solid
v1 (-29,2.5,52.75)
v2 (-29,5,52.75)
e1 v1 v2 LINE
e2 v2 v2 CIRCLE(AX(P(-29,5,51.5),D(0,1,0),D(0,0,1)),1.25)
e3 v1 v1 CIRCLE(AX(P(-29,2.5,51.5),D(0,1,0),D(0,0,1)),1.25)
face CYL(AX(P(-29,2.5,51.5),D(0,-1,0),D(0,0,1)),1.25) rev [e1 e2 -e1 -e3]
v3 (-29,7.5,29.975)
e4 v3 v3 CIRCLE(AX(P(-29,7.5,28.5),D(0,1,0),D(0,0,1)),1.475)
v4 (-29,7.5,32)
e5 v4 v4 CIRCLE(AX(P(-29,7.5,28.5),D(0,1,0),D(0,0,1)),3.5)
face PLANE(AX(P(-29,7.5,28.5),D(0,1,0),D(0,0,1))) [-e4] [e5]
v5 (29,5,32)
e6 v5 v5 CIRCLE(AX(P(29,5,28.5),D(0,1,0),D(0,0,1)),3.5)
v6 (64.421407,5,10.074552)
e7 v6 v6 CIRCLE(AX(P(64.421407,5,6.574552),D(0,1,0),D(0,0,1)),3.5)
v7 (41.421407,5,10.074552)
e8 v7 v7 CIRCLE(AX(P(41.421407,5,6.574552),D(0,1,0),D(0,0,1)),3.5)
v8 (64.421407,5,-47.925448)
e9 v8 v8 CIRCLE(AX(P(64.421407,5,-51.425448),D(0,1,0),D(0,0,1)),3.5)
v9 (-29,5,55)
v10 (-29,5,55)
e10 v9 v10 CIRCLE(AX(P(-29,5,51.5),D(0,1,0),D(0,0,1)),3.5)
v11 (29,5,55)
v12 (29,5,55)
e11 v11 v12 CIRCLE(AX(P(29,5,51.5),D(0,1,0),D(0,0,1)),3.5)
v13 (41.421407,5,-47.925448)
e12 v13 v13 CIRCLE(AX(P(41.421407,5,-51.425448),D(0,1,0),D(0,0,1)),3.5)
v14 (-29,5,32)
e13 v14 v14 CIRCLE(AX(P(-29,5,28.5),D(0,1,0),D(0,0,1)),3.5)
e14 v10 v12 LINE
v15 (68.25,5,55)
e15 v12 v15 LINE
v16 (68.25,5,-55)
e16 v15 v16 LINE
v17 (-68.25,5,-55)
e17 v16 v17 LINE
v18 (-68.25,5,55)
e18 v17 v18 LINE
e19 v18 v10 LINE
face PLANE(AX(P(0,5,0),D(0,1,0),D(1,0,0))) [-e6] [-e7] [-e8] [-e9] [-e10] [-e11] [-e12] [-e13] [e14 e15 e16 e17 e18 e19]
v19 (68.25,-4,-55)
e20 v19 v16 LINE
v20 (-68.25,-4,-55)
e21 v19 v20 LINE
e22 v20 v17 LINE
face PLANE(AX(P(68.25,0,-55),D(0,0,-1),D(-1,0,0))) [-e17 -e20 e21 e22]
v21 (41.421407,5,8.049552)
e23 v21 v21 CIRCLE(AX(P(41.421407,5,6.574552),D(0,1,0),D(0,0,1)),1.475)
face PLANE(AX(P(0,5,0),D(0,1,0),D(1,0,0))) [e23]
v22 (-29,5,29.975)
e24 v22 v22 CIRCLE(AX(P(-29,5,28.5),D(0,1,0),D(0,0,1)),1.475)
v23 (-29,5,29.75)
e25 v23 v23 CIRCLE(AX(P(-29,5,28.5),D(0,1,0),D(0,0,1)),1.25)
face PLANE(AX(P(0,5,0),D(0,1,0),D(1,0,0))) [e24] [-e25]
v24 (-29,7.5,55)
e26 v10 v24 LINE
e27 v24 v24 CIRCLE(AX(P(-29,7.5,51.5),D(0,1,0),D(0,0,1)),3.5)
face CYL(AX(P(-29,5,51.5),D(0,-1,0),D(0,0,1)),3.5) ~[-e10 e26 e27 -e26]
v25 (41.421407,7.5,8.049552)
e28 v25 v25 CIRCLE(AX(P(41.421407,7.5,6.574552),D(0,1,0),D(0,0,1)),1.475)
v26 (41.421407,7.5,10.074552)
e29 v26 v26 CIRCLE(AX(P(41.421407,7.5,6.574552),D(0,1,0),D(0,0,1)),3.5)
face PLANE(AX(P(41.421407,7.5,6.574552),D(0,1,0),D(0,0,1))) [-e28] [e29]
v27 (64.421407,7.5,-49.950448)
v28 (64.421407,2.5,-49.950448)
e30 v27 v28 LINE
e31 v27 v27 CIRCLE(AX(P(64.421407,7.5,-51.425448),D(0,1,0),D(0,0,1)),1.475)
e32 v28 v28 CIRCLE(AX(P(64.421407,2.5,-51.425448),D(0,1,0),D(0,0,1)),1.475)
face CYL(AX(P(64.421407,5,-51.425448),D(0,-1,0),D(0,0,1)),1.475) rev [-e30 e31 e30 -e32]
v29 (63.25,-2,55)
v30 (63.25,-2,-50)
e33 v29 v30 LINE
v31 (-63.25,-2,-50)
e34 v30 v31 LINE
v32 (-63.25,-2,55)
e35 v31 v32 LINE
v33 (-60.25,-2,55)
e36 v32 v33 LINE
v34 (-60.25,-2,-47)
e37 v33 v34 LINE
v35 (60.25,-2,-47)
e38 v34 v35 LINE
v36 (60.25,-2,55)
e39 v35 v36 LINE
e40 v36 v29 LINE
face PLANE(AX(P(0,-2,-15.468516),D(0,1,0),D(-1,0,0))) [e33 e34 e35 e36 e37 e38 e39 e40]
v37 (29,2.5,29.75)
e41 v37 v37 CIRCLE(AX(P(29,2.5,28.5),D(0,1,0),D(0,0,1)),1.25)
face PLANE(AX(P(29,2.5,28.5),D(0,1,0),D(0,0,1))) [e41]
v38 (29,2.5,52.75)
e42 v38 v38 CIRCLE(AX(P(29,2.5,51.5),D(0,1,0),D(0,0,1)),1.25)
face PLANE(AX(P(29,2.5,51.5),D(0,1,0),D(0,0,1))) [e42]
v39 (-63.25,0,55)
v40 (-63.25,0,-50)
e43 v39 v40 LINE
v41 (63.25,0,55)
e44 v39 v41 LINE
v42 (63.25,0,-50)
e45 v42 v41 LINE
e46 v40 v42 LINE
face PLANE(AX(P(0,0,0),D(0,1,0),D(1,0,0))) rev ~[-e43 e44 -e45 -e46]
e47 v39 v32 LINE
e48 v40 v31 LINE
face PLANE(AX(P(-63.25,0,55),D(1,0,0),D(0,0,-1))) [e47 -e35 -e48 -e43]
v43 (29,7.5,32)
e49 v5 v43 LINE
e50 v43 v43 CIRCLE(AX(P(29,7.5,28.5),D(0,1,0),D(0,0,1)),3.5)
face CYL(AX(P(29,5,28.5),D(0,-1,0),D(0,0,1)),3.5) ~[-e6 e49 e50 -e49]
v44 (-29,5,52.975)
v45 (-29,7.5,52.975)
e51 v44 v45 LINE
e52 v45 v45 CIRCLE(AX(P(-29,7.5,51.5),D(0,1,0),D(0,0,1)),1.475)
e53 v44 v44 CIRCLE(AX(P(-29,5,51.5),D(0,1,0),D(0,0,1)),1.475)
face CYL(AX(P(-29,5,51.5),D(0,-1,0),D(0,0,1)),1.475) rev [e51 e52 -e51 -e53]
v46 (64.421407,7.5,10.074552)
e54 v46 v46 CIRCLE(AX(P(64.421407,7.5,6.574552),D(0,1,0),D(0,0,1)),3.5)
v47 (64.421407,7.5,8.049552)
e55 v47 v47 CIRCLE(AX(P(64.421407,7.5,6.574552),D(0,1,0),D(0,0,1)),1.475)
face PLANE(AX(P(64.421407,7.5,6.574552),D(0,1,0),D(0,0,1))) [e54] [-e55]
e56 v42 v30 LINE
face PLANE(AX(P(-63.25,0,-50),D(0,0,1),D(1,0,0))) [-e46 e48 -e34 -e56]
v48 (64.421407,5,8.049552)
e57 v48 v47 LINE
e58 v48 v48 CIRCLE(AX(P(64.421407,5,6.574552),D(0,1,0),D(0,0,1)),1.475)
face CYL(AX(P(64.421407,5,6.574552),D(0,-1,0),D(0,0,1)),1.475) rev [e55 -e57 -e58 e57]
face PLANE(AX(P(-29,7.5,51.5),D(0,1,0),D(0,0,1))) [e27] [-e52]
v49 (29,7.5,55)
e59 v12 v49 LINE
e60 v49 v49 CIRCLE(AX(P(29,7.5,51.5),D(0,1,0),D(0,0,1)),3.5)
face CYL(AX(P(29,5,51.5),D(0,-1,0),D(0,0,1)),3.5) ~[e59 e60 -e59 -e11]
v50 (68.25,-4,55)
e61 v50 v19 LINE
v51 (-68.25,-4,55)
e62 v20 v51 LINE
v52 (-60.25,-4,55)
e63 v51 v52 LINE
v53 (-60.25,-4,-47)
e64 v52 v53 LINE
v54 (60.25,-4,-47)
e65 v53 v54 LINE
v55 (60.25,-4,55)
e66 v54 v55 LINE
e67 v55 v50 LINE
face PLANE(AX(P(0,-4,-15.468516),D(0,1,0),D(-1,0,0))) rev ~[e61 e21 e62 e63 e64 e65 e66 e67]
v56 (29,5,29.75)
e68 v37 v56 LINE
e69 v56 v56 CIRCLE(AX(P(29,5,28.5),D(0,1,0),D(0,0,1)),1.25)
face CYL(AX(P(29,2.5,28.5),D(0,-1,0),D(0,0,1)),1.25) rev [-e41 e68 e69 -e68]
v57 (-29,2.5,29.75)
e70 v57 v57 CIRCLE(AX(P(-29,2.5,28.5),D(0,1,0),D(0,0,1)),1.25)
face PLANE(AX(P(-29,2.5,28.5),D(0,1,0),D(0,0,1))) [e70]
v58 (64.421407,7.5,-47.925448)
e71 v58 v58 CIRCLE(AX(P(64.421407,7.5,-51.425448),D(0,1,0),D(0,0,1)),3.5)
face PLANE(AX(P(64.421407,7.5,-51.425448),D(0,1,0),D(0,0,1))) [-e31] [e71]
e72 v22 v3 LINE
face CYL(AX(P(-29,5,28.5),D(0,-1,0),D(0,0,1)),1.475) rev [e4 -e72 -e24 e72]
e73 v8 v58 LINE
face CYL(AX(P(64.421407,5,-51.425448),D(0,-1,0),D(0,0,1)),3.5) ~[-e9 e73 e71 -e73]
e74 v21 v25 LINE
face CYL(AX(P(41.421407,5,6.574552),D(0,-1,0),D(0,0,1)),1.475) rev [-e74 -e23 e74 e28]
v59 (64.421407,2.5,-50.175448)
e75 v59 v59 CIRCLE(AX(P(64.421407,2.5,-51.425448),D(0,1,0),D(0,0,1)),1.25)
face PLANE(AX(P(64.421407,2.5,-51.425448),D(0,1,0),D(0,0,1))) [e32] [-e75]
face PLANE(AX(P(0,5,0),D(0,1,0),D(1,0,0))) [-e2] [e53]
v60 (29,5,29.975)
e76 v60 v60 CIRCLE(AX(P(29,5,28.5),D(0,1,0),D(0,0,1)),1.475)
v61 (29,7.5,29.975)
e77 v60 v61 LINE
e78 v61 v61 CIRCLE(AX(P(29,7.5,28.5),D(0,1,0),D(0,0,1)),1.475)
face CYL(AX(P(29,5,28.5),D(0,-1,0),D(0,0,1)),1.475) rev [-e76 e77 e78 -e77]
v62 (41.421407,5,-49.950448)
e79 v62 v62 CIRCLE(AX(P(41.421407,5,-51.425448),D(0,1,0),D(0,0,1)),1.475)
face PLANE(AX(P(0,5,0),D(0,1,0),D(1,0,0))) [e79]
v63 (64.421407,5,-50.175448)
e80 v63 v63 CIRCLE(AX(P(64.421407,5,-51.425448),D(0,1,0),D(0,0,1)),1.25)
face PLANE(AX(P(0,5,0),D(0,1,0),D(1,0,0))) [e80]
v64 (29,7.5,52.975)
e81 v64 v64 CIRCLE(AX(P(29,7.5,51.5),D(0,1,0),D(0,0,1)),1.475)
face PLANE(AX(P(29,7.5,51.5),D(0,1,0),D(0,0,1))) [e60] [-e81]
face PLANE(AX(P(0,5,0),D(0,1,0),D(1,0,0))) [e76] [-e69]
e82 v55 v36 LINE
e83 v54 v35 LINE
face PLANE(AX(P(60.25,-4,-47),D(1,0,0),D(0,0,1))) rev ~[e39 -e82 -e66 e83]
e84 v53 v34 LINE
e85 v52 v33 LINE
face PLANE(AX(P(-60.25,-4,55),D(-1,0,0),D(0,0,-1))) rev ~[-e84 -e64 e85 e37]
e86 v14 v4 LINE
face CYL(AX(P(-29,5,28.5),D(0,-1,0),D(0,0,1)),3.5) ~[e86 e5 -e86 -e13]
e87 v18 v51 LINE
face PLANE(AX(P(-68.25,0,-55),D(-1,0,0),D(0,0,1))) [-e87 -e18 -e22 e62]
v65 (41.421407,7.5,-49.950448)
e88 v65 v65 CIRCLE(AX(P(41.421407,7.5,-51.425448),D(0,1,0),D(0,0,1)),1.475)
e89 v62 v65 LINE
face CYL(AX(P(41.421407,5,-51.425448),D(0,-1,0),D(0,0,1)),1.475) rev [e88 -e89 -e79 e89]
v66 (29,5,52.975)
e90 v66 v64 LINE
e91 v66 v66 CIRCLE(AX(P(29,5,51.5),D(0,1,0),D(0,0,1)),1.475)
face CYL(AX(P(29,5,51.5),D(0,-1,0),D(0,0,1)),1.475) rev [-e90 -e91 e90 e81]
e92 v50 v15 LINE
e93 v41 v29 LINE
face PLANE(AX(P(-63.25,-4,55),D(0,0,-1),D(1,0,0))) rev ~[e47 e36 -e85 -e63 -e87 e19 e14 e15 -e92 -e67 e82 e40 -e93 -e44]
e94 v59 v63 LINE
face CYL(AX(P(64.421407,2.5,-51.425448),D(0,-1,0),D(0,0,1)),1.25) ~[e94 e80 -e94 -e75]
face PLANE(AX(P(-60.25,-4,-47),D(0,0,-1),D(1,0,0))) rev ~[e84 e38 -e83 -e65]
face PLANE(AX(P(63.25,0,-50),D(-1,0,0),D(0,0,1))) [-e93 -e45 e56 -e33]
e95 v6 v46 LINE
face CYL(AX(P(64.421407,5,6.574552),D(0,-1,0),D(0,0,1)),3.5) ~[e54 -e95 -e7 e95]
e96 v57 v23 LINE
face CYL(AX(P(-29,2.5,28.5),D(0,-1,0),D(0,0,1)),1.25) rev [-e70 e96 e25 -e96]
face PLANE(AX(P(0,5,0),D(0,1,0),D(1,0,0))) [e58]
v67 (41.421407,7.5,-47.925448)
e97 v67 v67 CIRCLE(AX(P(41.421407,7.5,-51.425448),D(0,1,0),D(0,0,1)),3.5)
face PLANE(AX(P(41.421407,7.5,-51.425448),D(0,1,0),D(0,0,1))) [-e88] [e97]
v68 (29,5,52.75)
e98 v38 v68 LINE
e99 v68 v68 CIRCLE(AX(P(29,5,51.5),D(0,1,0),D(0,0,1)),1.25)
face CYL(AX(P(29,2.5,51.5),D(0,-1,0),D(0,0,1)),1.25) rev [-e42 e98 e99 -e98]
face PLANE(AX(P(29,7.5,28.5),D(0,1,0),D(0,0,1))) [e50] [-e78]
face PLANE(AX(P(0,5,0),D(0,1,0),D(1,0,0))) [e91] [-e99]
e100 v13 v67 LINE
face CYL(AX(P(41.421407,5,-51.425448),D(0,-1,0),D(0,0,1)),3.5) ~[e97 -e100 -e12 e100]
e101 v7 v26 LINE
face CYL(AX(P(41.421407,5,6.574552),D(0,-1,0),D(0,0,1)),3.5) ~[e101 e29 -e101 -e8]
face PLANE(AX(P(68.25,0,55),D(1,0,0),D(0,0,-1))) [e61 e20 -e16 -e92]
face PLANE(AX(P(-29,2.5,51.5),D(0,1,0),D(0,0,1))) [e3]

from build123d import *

# Parameters (mm, degrees)
SKETCH1_W           = 136.5
SKETCH1_H           = 110
BOSS_EXTRUDE1_DEPTH = 5
BOSS_EXTRUDE2_DEPTH = 4
BOSS_EXTRUDE3_DEPTH = 2
SKETCH3_R           = 3.5
SKETCH3_R_2         = 1.475
BOSS_EXTRUDE4_DEPTH = 2.5
CUT_EXTRUDE1_START  = -2.5
SKETCH3_6_R         = 1.25
SKETCH3_6_R_2       = 1.475
CUT_EXTRUDE1_DEPTH  = 2.5


with BuildPart() as part:
    # Sketch1 → Boss-Extrude1 (new body)
    with BuildSketch(Plane(origin=(0, 0, 0), x_dir=(1, 0, 0), z_dir=(0, 1, 0))):
        Rectangle(SKETCH1_W, SKETCH1_H)
    extrude(amount=BOSS_EXTRUDE1_DEPTH)

    # Sketch1<4> → Boss-Extrude2 (add)
    with BuildSketch(Plane(origin=(0, 0, 0), x_dir=(1, 0, 0), z_dir=(0, 1, 0))):
        Polygon((63.25, 50), (63.25, -50), (63.25, -55), (68.25, -55), (68.25, 55), (-68.25, 55), (-68.25, -55), (-63.25, -55), (-63.25, -50), (-63.25, 50), align=None)
    extrude(amount=-BOSS_EXTRUDE2_DEPTH)

    # Sketch2 → Boss-Extrude3 (add)
    with BuildSketch(Plane.XZ.offset(4)):
        Polygon((-60.25, 55), (-60.25, -47), (60.25, -47), (60.25, 55), (63.25, 55), (63.25, -50), (-63.25, -50), (-63.25, 55), align=None)
    extrude(amount=-BOSS_EXTRUDE3_DEPTH)

    # Sketch3 → Boss-Extrude4 (add)
    # profile 1 of 8: a face of its own
    with BuildSketch(Plane(origin=(0, 5, 0), x_dir=(1, 0, 0), z_dir=(0, 1, 0))):
        with Locations((29, -51.5)):
            Circle(SKETCH3_R)
        with Locations((29, -51.5)):
            Circle(SKETCH3_R_2, mode=Mode.SUBTRACT)
    # profile 2 of 8: a face of its own
    with BuildSketch(Plane(origin=(0, 5, 0), x_dir=(1, 0, 0), z_dir=(0, 1, 0))):
        with Locations((-29, -51.5)):
            Circle(SKETCH3_R)
        with Locations((-29, -51.5)):
            Circle(SKETCH3_R_2, mode=Mode.SUBTRACT)
    # profile 3 of 8: a face of its own
    with BuildSketch(Plane(origin=(0, 5, 0), x_dir=(1, 0, 0), z_dir=(0, 1, 0))):
        with Locations((29, -28.5)):
            Circle(SKETCH3_R)
        with Locations((29, -28.5)):
            Circle(SKETCH3_R_2, mode=Mode.SUBTRACT)
    # profile 4 of 8: a face of its own
    with BuildSketch(Plane(origin=(0, 5, 0), x_dir=(1, 0, 0), z_dir=(0, 1, 0))):
        with Locations((-29, -28.5)):
            Circle(SKETCH3_R)
        with Locations((-29, -28.5)):
            Circle(SKETCH3_R_2, mode=Mode.SUBTRACT)
    # profile 5 of 8: a face of its own
    with BuildSketch(Plane(origin=(0, 5, 0), x_dir=(1, 0, 0), z_dir=(0, 1, 0))):
        with Locations((64.421406537, 51.425448186)):
            Circle(SKETCH3_R)
        with Locations((64.421406537, 51.425448186)):
            Circle(SKETCH3_R_2, mode=Mode.SUBTRACT)
    # profile 6 of 8: a face of its own
    with BuildSketch(Plane(origin=(0, 5, 0), x_dir=(1, 0, 0), z_dir=(0, 1, 0))):
        with Locations((64.421406537, -6.574551814)):
            Circle(SKETCH3_R)
        with Locations((64.421406537, -6.574551814)):
            Circle(SKETCH3_R_2, mode=Mode.SUBTRACT)
    # profile 7 of 8: a face of its own
    with BuildSketch(Plane(origin=(0, 5, 0), x_dir=(1, 0, 0), z_dir=(0, 1, 0))):
        with Locations((41.421406537, 51.425448186)):
            Circle(SKETCH3_R)
        with Locations((41.421406537, 51.425448186)):
            Circle(SKETCH3_R_2, mode=Mode.SUBTRACT)
    # profile 8 of 8: a face of its own
    with BuildSketch(Plane(origin=(0, 5, 0), x_dir=(1, 0, 0), z_dir=(0, 1, 0))):
        with Locations((41.421406537, -6.574551814)):
            Circle(SKETCH3_R)
        with Locations((41.421406537, -6.574551814)):
            Circle(SKETCH3_R_2, mode=Mode.SUBTRACT)
    extrude(amount=BOSS_EXTRUDE4_DEPTH)

    # Sketch3<6> → Cut-Extrude1 (cut)
    # profile 1 of 5: a face of its own
    with BuildSketch(Plane(origin=(0, 5, 0), x_dir=(1, 0, 0), z_dir=(0, 1, 0)).offset(CUT_EXTRUDE1_START)):
        with Locations((-29, -51.5)):
            Circle(SKETCH3_6_R)
    # profile 2 of 5: a face of its own
    with BuildSketch(Plane(origin=(0, 5, 0), x_dir=(1, 0, 0), z_dir=(0, 1, 0)).offset(CUT_EXTRUDE1_START)):
        with Locations((-29, -28.5)):
            Circle(SKETCH3_6_R)
    # profile 3 of 5: a face of its own
    with BuildSketch(Plane(origin=(0, 5, 0), x_dir=(1, 0, 0), z_dir=(0, 1, 0)).offset(CUT_EXTRUDE1_START)):
        with Locations((29, -28.5)):
            Circle(SKETCH3_6_R)
    # profile 4 of 5: a face of its own
    with BuildSketch(Plane(origin=(0, 5, 0), x_dir=(1, 0, 0), z_dir=(0, 1, 0)).offset(CUT_EXTRUDE1_START)):
        with Locations((29, -51.5)):
            Circle(SKETCH3_6_R)
    # profile 5 of 5: a face of its own
    with BuildSketch(Plane(origin=(0, 5, 0), x_dir=(1, 0, 0), z_dir=(0, 1, 0)).offset(CUT_EXTRUDE1_START)):
        with Locations((64.421406537, 51.425448186)):
            Circle(SKETCH3_6_R_2)
        with Locations((64.421406537, 51.425448186)):
            Circle(SKETCH3_6_R, mode=Mode.SUBTRACT)
    extrude(amount=CUT_EXTRUDE1_DEPTH, mode=Mode.SUBTRACT)


solid = part.part
